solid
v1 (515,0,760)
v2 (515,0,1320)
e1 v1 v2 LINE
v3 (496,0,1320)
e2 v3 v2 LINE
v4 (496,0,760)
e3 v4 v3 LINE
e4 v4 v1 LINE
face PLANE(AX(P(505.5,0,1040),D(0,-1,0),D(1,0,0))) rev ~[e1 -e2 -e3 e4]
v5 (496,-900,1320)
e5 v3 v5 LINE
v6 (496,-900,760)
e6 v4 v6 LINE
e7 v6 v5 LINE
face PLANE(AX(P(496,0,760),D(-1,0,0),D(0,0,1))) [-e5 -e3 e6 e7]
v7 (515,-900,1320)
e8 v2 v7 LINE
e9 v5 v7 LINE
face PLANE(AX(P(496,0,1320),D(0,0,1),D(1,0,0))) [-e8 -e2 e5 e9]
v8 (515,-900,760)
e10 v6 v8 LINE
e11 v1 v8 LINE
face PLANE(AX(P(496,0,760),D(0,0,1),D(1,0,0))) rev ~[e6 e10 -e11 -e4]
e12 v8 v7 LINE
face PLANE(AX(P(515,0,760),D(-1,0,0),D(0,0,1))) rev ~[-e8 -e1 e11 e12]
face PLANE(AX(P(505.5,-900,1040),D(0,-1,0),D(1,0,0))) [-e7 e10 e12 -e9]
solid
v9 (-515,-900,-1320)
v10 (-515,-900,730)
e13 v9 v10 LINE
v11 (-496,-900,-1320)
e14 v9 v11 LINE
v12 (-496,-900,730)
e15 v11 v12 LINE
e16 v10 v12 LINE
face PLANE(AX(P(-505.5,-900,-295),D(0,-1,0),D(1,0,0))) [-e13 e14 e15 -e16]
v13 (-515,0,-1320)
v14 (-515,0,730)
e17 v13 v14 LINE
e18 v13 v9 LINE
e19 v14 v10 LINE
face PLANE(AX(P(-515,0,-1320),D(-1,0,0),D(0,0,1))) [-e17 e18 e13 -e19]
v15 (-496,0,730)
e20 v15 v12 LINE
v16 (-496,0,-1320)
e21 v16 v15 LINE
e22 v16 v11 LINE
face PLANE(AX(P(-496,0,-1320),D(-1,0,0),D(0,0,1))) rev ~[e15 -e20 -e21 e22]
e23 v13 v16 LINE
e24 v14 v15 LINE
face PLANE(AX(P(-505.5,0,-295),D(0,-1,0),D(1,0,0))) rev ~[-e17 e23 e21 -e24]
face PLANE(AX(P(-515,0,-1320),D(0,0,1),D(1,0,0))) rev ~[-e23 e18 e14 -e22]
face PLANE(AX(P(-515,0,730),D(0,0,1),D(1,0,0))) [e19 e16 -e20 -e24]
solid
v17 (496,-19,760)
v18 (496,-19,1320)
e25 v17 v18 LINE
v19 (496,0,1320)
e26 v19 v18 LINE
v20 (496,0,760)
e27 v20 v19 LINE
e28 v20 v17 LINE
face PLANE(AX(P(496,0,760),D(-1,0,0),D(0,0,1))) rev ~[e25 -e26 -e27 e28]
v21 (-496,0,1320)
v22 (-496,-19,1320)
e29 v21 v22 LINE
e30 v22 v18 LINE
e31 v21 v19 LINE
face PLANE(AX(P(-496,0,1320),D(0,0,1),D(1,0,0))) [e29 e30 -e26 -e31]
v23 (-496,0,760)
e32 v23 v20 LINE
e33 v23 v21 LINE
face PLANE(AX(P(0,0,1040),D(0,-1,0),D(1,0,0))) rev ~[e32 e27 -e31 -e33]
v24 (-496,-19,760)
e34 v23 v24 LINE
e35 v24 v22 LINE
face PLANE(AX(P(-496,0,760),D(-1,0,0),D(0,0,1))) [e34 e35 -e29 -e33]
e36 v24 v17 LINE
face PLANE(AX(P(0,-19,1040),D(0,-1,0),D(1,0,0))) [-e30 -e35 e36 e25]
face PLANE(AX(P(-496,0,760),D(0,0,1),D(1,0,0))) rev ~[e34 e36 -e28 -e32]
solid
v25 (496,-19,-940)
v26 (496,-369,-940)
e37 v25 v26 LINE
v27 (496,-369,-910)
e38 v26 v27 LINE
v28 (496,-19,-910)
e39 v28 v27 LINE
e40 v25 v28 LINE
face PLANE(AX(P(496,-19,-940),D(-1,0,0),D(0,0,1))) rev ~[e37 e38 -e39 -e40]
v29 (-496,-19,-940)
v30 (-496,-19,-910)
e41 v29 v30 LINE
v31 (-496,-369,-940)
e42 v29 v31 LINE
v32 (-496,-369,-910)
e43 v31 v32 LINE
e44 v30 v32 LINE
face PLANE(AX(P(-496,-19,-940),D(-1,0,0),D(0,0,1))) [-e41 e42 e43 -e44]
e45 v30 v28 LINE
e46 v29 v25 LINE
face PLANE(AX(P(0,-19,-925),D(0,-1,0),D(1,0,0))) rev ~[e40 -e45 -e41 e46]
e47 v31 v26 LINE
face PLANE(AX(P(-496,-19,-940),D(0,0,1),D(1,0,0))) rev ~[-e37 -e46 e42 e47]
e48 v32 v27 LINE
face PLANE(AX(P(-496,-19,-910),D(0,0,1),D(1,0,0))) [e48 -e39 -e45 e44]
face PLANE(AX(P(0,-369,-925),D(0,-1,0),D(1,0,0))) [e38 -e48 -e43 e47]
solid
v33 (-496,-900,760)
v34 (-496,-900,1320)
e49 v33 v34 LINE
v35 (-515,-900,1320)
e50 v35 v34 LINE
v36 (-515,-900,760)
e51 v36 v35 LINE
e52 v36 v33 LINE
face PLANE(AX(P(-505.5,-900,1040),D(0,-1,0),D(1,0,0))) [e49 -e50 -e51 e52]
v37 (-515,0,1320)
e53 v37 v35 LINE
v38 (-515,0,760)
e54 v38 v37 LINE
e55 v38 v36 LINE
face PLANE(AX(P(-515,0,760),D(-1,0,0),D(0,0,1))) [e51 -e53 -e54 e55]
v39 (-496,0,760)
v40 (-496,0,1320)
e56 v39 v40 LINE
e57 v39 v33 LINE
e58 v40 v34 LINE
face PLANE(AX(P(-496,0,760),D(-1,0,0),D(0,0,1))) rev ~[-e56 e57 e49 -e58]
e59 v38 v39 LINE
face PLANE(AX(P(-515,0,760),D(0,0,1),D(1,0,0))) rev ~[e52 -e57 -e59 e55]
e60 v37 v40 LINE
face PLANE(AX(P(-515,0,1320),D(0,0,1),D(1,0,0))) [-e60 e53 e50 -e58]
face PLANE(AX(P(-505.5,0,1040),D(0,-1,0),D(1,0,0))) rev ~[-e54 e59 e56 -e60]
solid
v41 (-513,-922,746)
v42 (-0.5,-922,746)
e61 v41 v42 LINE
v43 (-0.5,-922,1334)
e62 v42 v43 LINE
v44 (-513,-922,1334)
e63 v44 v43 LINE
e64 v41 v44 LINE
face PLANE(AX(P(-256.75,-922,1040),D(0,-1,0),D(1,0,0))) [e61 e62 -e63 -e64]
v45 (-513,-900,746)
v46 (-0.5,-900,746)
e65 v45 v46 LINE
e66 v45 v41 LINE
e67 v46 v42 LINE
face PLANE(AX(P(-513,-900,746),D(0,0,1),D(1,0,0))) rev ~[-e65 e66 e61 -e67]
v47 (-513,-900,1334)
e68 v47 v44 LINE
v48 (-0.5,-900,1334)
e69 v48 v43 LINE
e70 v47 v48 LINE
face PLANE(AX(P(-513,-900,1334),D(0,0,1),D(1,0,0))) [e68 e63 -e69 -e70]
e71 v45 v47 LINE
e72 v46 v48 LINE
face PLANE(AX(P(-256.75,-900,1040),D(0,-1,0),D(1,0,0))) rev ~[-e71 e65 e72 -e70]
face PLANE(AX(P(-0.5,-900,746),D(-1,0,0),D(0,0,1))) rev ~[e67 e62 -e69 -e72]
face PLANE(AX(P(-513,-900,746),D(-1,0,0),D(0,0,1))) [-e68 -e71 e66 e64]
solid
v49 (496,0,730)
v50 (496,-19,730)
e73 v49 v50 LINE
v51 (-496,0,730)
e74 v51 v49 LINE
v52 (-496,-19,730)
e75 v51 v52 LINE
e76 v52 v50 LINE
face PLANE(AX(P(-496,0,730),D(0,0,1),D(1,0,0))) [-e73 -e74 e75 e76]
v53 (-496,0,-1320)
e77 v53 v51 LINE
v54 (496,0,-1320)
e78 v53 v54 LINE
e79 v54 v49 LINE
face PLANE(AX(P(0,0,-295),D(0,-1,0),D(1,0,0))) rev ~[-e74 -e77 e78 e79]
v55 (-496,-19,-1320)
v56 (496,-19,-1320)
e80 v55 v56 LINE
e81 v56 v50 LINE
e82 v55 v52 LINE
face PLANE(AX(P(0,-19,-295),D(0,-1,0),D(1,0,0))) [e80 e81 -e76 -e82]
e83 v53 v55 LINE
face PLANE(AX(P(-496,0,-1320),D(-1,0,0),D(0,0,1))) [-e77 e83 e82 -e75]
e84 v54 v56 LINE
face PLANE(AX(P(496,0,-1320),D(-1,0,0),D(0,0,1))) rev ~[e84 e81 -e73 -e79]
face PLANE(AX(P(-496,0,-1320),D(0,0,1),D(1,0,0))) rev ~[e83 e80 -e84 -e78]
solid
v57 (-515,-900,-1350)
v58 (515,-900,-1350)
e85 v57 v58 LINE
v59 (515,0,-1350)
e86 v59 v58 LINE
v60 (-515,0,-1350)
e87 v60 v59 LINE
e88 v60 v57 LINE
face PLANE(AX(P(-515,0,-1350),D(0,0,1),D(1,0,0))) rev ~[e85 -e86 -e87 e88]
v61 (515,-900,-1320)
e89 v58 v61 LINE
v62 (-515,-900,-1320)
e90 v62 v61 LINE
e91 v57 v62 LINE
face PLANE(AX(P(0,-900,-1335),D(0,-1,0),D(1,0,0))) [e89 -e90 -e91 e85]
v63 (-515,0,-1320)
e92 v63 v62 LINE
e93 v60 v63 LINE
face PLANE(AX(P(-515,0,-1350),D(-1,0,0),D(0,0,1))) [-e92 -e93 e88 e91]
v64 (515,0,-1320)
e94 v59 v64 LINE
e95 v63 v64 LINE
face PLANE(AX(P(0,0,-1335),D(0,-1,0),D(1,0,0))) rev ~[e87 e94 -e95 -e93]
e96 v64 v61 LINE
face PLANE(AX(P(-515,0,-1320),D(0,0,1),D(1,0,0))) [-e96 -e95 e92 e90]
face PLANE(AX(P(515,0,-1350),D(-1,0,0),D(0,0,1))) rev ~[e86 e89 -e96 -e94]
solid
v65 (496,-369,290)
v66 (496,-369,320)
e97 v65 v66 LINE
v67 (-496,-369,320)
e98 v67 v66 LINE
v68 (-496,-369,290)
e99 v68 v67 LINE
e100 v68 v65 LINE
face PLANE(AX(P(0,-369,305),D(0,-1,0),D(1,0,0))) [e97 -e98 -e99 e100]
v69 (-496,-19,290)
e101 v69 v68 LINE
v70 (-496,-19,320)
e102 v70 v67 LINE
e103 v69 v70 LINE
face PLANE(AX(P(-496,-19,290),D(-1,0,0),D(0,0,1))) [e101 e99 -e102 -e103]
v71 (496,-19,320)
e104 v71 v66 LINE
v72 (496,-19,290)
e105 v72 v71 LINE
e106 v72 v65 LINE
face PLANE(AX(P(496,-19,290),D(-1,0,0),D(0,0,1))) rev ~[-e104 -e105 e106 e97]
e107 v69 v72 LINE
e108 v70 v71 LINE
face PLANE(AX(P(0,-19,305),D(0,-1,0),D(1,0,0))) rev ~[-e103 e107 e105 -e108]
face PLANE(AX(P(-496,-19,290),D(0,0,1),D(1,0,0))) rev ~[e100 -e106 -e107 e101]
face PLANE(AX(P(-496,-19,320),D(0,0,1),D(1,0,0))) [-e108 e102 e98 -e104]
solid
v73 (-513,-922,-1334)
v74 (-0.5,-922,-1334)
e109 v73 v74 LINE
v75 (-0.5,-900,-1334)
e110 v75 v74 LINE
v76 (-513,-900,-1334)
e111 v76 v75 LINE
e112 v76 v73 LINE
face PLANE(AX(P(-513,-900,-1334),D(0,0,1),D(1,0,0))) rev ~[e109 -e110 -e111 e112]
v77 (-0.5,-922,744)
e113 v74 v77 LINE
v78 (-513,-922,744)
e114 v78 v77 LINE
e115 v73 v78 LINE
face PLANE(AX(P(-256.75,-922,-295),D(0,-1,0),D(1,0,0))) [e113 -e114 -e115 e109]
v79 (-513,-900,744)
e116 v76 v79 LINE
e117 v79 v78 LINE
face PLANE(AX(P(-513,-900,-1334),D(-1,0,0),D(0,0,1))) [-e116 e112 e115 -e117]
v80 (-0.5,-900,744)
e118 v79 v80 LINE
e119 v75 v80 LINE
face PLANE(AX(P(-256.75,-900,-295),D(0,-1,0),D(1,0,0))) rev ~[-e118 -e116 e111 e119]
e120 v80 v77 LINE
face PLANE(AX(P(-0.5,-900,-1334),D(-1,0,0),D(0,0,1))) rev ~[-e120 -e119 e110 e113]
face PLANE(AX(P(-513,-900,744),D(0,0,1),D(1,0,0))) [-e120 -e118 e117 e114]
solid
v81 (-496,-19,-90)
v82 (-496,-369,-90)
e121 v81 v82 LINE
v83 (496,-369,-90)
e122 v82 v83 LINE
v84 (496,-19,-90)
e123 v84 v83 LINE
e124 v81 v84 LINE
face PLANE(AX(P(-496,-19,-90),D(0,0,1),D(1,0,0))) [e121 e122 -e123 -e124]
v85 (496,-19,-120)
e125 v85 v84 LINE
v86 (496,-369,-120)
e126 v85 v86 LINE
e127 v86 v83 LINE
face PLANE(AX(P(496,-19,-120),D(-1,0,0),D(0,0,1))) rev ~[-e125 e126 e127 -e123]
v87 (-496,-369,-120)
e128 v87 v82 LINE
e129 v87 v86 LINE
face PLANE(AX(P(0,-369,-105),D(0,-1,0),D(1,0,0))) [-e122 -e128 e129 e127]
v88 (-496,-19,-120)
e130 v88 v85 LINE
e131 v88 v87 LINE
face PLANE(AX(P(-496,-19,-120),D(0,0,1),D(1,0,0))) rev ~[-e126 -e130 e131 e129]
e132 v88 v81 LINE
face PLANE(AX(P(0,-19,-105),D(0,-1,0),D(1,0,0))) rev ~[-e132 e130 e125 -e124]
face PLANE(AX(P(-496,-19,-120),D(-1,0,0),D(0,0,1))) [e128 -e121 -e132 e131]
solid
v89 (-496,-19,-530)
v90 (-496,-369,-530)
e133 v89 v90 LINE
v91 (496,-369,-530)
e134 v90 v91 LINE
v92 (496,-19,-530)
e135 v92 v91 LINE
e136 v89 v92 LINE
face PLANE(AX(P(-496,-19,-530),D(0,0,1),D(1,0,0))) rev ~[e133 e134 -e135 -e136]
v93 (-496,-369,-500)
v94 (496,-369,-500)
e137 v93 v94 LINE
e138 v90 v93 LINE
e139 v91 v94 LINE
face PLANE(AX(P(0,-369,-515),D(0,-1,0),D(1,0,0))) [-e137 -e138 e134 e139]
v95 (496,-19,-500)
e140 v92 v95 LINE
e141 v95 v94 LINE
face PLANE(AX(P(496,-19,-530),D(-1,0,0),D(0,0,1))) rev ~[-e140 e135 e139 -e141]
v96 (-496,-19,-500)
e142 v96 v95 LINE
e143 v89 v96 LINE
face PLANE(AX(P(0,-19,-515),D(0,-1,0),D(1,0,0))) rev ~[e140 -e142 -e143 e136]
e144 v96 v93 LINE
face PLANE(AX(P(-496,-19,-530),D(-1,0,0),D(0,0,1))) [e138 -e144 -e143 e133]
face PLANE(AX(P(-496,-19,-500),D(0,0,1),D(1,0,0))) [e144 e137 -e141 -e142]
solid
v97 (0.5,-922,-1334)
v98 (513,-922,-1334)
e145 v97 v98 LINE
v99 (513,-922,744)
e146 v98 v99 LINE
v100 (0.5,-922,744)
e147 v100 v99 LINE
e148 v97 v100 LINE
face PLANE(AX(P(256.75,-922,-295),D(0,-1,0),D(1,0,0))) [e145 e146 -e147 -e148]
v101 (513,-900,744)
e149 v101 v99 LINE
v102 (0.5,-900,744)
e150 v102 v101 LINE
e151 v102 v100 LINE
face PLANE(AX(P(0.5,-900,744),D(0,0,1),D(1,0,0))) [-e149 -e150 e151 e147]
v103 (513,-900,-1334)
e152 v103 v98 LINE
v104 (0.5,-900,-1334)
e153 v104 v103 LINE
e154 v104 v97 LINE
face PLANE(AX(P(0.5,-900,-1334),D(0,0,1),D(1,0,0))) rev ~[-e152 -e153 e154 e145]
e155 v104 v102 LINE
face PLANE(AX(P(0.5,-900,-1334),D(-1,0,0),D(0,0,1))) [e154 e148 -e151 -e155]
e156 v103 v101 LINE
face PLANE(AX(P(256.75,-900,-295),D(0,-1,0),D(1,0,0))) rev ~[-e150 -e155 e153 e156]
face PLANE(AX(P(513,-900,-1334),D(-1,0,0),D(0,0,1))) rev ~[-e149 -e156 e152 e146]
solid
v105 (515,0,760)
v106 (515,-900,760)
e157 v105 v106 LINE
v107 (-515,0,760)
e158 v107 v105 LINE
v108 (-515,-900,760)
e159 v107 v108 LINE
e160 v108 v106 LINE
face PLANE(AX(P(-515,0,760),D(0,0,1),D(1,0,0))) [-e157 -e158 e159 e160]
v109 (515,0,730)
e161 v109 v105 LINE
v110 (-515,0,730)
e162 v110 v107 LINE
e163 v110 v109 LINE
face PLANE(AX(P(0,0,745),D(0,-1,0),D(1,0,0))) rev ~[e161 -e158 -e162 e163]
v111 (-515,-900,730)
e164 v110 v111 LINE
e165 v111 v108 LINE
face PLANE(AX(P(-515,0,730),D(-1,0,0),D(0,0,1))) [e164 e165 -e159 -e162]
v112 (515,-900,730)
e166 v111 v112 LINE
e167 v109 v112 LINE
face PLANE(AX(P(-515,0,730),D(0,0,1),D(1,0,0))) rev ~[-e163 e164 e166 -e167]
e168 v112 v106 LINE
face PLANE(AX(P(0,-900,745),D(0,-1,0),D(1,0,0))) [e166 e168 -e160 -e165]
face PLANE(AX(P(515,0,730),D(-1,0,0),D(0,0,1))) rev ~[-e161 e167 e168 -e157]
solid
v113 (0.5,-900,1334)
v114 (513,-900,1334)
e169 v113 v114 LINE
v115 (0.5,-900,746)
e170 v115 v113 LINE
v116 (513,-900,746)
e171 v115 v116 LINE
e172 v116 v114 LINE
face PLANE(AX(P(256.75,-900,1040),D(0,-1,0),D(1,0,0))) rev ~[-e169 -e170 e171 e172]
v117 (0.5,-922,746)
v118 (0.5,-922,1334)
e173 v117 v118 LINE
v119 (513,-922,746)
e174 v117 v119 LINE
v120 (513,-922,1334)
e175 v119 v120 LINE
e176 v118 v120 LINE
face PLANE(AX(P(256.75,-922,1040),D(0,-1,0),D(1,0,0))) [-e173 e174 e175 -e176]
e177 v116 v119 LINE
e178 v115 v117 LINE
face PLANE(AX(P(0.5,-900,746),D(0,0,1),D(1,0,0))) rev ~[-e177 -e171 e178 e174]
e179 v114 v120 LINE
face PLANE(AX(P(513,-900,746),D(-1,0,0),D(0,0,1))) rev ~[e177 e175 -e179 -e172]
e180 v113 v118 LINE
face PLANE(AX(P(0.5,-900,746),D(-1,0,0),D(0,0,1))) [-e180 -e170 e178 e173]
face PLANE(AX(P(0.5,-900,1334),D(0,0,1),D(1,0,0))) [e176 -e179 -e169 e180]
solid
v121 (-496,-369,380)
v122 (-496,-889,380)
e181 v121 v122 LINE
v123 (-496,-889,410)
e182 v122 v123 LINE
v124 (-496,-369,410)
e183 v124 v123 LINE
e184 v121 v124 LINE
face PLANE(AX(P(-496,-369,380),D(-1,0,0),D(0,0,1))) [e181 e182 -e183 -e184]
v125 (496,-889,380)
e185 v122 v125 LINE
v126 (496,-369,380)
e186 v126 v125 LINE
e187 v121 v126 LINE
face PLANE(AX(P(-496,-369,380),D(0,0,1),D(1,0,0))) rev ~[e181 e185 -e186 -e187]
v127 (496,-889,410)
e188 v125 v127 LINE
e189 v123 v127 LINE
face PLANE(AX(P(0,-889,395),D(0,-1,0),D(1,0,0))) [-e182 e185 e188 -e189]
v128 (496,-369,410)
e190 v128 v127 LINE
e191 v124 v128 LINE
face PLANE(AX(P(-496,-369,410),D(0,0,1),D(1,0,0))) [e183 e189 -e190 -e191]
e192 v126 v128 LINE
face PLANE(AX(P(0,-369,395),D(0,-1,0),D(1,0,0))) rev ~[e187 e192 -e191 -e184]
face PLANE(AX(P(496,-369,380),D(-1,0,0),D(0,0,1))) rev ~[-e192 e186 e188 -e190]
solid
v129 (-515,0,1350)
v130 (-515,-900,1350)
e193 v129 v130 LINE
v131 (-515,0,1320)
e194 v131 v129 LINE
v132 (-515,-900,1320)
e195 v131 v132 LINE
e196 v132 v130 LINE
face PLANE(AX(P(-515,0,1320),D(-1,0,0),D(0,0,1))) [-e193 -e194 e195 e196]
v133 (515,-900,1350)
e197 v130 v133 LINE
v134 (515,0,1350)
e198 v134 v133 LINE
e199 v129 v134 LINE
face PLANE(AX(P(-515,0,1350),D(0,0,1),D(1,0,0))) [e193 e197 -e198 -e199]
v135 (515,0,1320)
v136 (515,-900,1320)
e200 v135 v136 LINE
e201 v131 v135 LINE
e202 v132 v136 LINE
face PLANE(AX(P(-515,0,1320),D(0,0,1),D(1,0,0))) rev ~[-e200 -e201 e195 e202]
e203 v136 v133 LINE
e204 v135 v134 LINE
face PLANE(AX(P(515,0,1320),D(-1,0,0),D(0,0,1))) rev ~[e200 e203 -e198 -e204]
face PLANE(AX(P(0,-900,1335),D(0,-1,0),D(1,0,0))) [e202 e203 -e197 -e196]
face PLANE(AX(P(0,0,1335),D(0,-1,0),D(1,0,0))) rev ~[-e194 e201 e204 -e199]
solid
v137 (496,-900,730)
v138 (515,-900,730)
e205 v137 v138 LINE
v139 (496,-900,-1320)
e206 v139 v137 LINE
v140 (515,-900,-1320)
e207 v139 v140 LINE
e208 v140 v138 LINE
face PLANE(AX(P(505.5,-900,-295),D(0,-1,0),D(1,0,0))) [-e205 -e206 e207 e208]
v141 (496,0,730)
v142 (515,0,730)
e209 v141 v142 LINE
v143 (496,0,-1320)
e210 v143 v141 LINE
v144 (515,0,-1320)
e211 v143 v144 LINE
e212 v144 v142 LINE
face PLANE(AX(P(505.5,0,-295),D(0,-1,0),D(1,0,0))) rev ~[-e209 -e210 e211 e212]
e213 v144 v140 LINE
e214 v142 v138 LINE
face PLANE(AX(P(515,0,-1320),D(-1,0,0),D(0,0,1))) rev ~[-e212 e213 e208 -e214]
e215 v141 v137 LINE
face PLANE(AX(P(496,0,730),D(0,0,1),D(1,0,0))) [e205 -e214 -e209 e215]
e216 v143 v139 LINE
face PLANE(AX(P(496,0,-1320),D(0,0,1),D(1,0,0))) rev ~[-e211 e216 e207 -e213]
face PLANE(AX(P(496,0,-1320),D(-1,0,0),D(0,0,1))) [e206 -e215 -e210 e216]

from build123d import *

# Parameters (mm, degrees)
F1_W      = 1030
F1_H      = 30
F2_DEPTH  = 900
F3_W      = 19
F3_H      = 560
F3_H_2    = 2050
F4_DEPTH  = 900
F5_W      = 992
F5_H      = 560
F5_H_2    = 2050
F6_DEPTH  = 19
F7_W      = 992
F7_H      = 30
F8_DEPTH  = 350
F9_W      = 992
F9_H      = 30
F10_DEPTH = 520
F11_W     = 512.5
F11_H     = 2078
F11_H_2   = 588
F12_DEPTH = 22


with BuildPart() as f2:
    # F1 (on Front) → F2 (new body)
    with BuildSketch(Plane.XZ):
        with Locations((0, -1335)):
            Rectangle(F1_W, F1_H)
        with Locations((0, 745)):
            Rectangle(F1_W, F1_H)
        with Locations((0, 1335)):
            Rectangle(F1_W, F1_H)
    extrude(amount=F2_DEPTH)


with BuildPart() as f4:
    # F3 (on Front) → F4 (new body, through all)
    with BuildSketch(Plane.XZ):
        with Locations((-505.5, 1040)):
            Rectangle(F3_W, F3_H)
        with Locations((-505.5, -295)):
            Rectangle(F3_W, F3_H_2)
        with Locations((505.5, -295)):
            Rectangle(F3_W, F3_H_2)
        with Locations((505.5, 1040)):
            Rectangle(F3_W, F3_H)
    extrude(amount=F4_DEPTH)


with BuildPart() as f6:
    # F5 (on Front) → F6 (new body)
    with BuildSketch(Plane.XZ):
        with Locations((0, 1040)):
            Rectangle(F5_W, F5_H)
        with Locations((0, -295)):
            Rectangle(F5_W, F5_H_2)
    extrude(amount=F6_DEPTH)


with BuildPart() as f8:
    # F7 (on face) → F8 (new body)
    with BuildSketch(Plane.XZ.offset(19)):
        with Locations((0, -925)):
            Rectangle(F7_W, F7_H)
        with Locations((0, -515)):
            Rectangle(F7_W, F7_H)
        with Locations((0, -105)):
            Rectangle(F7_W, F7_H)
        with Locations((0, 305)):
            Rectangle(F7_W, F7_H)
    extrude(amount=F8_DEPTH)


with BuildPart() as f10:
    # F9 (on face) → F10 (new body)
    with BuildSketch(Plane.XZ.offset(369)):
        with Locations((0, 395)):
            Rectangle(F9_W, F9_H)
    extrude(amount=F10_DEPTH)


with BuildPart() as f12:
    # F11 (on face) → F12 (new body)
    with BuildSketch(Plane.XZ.offset(900)):
        with Locations((-256.75, -295)):
            Rectangle(F11_W, F11_H)
        with Locations((-256.75, 1040)):
            Rectangle(F11_W, F11_H_2)
        with Locations((256.75, -295)):
            Rectangle(F11_W, F11_H)
        with Locations((256.75, 1040)):
            Rectangle(F11_W, F11_H_2)
    extrude(amount=F12_DEPTH)


solid = Compound([f2.part, f4.part, f6.part, f8.part, f10.part, f12.part])
